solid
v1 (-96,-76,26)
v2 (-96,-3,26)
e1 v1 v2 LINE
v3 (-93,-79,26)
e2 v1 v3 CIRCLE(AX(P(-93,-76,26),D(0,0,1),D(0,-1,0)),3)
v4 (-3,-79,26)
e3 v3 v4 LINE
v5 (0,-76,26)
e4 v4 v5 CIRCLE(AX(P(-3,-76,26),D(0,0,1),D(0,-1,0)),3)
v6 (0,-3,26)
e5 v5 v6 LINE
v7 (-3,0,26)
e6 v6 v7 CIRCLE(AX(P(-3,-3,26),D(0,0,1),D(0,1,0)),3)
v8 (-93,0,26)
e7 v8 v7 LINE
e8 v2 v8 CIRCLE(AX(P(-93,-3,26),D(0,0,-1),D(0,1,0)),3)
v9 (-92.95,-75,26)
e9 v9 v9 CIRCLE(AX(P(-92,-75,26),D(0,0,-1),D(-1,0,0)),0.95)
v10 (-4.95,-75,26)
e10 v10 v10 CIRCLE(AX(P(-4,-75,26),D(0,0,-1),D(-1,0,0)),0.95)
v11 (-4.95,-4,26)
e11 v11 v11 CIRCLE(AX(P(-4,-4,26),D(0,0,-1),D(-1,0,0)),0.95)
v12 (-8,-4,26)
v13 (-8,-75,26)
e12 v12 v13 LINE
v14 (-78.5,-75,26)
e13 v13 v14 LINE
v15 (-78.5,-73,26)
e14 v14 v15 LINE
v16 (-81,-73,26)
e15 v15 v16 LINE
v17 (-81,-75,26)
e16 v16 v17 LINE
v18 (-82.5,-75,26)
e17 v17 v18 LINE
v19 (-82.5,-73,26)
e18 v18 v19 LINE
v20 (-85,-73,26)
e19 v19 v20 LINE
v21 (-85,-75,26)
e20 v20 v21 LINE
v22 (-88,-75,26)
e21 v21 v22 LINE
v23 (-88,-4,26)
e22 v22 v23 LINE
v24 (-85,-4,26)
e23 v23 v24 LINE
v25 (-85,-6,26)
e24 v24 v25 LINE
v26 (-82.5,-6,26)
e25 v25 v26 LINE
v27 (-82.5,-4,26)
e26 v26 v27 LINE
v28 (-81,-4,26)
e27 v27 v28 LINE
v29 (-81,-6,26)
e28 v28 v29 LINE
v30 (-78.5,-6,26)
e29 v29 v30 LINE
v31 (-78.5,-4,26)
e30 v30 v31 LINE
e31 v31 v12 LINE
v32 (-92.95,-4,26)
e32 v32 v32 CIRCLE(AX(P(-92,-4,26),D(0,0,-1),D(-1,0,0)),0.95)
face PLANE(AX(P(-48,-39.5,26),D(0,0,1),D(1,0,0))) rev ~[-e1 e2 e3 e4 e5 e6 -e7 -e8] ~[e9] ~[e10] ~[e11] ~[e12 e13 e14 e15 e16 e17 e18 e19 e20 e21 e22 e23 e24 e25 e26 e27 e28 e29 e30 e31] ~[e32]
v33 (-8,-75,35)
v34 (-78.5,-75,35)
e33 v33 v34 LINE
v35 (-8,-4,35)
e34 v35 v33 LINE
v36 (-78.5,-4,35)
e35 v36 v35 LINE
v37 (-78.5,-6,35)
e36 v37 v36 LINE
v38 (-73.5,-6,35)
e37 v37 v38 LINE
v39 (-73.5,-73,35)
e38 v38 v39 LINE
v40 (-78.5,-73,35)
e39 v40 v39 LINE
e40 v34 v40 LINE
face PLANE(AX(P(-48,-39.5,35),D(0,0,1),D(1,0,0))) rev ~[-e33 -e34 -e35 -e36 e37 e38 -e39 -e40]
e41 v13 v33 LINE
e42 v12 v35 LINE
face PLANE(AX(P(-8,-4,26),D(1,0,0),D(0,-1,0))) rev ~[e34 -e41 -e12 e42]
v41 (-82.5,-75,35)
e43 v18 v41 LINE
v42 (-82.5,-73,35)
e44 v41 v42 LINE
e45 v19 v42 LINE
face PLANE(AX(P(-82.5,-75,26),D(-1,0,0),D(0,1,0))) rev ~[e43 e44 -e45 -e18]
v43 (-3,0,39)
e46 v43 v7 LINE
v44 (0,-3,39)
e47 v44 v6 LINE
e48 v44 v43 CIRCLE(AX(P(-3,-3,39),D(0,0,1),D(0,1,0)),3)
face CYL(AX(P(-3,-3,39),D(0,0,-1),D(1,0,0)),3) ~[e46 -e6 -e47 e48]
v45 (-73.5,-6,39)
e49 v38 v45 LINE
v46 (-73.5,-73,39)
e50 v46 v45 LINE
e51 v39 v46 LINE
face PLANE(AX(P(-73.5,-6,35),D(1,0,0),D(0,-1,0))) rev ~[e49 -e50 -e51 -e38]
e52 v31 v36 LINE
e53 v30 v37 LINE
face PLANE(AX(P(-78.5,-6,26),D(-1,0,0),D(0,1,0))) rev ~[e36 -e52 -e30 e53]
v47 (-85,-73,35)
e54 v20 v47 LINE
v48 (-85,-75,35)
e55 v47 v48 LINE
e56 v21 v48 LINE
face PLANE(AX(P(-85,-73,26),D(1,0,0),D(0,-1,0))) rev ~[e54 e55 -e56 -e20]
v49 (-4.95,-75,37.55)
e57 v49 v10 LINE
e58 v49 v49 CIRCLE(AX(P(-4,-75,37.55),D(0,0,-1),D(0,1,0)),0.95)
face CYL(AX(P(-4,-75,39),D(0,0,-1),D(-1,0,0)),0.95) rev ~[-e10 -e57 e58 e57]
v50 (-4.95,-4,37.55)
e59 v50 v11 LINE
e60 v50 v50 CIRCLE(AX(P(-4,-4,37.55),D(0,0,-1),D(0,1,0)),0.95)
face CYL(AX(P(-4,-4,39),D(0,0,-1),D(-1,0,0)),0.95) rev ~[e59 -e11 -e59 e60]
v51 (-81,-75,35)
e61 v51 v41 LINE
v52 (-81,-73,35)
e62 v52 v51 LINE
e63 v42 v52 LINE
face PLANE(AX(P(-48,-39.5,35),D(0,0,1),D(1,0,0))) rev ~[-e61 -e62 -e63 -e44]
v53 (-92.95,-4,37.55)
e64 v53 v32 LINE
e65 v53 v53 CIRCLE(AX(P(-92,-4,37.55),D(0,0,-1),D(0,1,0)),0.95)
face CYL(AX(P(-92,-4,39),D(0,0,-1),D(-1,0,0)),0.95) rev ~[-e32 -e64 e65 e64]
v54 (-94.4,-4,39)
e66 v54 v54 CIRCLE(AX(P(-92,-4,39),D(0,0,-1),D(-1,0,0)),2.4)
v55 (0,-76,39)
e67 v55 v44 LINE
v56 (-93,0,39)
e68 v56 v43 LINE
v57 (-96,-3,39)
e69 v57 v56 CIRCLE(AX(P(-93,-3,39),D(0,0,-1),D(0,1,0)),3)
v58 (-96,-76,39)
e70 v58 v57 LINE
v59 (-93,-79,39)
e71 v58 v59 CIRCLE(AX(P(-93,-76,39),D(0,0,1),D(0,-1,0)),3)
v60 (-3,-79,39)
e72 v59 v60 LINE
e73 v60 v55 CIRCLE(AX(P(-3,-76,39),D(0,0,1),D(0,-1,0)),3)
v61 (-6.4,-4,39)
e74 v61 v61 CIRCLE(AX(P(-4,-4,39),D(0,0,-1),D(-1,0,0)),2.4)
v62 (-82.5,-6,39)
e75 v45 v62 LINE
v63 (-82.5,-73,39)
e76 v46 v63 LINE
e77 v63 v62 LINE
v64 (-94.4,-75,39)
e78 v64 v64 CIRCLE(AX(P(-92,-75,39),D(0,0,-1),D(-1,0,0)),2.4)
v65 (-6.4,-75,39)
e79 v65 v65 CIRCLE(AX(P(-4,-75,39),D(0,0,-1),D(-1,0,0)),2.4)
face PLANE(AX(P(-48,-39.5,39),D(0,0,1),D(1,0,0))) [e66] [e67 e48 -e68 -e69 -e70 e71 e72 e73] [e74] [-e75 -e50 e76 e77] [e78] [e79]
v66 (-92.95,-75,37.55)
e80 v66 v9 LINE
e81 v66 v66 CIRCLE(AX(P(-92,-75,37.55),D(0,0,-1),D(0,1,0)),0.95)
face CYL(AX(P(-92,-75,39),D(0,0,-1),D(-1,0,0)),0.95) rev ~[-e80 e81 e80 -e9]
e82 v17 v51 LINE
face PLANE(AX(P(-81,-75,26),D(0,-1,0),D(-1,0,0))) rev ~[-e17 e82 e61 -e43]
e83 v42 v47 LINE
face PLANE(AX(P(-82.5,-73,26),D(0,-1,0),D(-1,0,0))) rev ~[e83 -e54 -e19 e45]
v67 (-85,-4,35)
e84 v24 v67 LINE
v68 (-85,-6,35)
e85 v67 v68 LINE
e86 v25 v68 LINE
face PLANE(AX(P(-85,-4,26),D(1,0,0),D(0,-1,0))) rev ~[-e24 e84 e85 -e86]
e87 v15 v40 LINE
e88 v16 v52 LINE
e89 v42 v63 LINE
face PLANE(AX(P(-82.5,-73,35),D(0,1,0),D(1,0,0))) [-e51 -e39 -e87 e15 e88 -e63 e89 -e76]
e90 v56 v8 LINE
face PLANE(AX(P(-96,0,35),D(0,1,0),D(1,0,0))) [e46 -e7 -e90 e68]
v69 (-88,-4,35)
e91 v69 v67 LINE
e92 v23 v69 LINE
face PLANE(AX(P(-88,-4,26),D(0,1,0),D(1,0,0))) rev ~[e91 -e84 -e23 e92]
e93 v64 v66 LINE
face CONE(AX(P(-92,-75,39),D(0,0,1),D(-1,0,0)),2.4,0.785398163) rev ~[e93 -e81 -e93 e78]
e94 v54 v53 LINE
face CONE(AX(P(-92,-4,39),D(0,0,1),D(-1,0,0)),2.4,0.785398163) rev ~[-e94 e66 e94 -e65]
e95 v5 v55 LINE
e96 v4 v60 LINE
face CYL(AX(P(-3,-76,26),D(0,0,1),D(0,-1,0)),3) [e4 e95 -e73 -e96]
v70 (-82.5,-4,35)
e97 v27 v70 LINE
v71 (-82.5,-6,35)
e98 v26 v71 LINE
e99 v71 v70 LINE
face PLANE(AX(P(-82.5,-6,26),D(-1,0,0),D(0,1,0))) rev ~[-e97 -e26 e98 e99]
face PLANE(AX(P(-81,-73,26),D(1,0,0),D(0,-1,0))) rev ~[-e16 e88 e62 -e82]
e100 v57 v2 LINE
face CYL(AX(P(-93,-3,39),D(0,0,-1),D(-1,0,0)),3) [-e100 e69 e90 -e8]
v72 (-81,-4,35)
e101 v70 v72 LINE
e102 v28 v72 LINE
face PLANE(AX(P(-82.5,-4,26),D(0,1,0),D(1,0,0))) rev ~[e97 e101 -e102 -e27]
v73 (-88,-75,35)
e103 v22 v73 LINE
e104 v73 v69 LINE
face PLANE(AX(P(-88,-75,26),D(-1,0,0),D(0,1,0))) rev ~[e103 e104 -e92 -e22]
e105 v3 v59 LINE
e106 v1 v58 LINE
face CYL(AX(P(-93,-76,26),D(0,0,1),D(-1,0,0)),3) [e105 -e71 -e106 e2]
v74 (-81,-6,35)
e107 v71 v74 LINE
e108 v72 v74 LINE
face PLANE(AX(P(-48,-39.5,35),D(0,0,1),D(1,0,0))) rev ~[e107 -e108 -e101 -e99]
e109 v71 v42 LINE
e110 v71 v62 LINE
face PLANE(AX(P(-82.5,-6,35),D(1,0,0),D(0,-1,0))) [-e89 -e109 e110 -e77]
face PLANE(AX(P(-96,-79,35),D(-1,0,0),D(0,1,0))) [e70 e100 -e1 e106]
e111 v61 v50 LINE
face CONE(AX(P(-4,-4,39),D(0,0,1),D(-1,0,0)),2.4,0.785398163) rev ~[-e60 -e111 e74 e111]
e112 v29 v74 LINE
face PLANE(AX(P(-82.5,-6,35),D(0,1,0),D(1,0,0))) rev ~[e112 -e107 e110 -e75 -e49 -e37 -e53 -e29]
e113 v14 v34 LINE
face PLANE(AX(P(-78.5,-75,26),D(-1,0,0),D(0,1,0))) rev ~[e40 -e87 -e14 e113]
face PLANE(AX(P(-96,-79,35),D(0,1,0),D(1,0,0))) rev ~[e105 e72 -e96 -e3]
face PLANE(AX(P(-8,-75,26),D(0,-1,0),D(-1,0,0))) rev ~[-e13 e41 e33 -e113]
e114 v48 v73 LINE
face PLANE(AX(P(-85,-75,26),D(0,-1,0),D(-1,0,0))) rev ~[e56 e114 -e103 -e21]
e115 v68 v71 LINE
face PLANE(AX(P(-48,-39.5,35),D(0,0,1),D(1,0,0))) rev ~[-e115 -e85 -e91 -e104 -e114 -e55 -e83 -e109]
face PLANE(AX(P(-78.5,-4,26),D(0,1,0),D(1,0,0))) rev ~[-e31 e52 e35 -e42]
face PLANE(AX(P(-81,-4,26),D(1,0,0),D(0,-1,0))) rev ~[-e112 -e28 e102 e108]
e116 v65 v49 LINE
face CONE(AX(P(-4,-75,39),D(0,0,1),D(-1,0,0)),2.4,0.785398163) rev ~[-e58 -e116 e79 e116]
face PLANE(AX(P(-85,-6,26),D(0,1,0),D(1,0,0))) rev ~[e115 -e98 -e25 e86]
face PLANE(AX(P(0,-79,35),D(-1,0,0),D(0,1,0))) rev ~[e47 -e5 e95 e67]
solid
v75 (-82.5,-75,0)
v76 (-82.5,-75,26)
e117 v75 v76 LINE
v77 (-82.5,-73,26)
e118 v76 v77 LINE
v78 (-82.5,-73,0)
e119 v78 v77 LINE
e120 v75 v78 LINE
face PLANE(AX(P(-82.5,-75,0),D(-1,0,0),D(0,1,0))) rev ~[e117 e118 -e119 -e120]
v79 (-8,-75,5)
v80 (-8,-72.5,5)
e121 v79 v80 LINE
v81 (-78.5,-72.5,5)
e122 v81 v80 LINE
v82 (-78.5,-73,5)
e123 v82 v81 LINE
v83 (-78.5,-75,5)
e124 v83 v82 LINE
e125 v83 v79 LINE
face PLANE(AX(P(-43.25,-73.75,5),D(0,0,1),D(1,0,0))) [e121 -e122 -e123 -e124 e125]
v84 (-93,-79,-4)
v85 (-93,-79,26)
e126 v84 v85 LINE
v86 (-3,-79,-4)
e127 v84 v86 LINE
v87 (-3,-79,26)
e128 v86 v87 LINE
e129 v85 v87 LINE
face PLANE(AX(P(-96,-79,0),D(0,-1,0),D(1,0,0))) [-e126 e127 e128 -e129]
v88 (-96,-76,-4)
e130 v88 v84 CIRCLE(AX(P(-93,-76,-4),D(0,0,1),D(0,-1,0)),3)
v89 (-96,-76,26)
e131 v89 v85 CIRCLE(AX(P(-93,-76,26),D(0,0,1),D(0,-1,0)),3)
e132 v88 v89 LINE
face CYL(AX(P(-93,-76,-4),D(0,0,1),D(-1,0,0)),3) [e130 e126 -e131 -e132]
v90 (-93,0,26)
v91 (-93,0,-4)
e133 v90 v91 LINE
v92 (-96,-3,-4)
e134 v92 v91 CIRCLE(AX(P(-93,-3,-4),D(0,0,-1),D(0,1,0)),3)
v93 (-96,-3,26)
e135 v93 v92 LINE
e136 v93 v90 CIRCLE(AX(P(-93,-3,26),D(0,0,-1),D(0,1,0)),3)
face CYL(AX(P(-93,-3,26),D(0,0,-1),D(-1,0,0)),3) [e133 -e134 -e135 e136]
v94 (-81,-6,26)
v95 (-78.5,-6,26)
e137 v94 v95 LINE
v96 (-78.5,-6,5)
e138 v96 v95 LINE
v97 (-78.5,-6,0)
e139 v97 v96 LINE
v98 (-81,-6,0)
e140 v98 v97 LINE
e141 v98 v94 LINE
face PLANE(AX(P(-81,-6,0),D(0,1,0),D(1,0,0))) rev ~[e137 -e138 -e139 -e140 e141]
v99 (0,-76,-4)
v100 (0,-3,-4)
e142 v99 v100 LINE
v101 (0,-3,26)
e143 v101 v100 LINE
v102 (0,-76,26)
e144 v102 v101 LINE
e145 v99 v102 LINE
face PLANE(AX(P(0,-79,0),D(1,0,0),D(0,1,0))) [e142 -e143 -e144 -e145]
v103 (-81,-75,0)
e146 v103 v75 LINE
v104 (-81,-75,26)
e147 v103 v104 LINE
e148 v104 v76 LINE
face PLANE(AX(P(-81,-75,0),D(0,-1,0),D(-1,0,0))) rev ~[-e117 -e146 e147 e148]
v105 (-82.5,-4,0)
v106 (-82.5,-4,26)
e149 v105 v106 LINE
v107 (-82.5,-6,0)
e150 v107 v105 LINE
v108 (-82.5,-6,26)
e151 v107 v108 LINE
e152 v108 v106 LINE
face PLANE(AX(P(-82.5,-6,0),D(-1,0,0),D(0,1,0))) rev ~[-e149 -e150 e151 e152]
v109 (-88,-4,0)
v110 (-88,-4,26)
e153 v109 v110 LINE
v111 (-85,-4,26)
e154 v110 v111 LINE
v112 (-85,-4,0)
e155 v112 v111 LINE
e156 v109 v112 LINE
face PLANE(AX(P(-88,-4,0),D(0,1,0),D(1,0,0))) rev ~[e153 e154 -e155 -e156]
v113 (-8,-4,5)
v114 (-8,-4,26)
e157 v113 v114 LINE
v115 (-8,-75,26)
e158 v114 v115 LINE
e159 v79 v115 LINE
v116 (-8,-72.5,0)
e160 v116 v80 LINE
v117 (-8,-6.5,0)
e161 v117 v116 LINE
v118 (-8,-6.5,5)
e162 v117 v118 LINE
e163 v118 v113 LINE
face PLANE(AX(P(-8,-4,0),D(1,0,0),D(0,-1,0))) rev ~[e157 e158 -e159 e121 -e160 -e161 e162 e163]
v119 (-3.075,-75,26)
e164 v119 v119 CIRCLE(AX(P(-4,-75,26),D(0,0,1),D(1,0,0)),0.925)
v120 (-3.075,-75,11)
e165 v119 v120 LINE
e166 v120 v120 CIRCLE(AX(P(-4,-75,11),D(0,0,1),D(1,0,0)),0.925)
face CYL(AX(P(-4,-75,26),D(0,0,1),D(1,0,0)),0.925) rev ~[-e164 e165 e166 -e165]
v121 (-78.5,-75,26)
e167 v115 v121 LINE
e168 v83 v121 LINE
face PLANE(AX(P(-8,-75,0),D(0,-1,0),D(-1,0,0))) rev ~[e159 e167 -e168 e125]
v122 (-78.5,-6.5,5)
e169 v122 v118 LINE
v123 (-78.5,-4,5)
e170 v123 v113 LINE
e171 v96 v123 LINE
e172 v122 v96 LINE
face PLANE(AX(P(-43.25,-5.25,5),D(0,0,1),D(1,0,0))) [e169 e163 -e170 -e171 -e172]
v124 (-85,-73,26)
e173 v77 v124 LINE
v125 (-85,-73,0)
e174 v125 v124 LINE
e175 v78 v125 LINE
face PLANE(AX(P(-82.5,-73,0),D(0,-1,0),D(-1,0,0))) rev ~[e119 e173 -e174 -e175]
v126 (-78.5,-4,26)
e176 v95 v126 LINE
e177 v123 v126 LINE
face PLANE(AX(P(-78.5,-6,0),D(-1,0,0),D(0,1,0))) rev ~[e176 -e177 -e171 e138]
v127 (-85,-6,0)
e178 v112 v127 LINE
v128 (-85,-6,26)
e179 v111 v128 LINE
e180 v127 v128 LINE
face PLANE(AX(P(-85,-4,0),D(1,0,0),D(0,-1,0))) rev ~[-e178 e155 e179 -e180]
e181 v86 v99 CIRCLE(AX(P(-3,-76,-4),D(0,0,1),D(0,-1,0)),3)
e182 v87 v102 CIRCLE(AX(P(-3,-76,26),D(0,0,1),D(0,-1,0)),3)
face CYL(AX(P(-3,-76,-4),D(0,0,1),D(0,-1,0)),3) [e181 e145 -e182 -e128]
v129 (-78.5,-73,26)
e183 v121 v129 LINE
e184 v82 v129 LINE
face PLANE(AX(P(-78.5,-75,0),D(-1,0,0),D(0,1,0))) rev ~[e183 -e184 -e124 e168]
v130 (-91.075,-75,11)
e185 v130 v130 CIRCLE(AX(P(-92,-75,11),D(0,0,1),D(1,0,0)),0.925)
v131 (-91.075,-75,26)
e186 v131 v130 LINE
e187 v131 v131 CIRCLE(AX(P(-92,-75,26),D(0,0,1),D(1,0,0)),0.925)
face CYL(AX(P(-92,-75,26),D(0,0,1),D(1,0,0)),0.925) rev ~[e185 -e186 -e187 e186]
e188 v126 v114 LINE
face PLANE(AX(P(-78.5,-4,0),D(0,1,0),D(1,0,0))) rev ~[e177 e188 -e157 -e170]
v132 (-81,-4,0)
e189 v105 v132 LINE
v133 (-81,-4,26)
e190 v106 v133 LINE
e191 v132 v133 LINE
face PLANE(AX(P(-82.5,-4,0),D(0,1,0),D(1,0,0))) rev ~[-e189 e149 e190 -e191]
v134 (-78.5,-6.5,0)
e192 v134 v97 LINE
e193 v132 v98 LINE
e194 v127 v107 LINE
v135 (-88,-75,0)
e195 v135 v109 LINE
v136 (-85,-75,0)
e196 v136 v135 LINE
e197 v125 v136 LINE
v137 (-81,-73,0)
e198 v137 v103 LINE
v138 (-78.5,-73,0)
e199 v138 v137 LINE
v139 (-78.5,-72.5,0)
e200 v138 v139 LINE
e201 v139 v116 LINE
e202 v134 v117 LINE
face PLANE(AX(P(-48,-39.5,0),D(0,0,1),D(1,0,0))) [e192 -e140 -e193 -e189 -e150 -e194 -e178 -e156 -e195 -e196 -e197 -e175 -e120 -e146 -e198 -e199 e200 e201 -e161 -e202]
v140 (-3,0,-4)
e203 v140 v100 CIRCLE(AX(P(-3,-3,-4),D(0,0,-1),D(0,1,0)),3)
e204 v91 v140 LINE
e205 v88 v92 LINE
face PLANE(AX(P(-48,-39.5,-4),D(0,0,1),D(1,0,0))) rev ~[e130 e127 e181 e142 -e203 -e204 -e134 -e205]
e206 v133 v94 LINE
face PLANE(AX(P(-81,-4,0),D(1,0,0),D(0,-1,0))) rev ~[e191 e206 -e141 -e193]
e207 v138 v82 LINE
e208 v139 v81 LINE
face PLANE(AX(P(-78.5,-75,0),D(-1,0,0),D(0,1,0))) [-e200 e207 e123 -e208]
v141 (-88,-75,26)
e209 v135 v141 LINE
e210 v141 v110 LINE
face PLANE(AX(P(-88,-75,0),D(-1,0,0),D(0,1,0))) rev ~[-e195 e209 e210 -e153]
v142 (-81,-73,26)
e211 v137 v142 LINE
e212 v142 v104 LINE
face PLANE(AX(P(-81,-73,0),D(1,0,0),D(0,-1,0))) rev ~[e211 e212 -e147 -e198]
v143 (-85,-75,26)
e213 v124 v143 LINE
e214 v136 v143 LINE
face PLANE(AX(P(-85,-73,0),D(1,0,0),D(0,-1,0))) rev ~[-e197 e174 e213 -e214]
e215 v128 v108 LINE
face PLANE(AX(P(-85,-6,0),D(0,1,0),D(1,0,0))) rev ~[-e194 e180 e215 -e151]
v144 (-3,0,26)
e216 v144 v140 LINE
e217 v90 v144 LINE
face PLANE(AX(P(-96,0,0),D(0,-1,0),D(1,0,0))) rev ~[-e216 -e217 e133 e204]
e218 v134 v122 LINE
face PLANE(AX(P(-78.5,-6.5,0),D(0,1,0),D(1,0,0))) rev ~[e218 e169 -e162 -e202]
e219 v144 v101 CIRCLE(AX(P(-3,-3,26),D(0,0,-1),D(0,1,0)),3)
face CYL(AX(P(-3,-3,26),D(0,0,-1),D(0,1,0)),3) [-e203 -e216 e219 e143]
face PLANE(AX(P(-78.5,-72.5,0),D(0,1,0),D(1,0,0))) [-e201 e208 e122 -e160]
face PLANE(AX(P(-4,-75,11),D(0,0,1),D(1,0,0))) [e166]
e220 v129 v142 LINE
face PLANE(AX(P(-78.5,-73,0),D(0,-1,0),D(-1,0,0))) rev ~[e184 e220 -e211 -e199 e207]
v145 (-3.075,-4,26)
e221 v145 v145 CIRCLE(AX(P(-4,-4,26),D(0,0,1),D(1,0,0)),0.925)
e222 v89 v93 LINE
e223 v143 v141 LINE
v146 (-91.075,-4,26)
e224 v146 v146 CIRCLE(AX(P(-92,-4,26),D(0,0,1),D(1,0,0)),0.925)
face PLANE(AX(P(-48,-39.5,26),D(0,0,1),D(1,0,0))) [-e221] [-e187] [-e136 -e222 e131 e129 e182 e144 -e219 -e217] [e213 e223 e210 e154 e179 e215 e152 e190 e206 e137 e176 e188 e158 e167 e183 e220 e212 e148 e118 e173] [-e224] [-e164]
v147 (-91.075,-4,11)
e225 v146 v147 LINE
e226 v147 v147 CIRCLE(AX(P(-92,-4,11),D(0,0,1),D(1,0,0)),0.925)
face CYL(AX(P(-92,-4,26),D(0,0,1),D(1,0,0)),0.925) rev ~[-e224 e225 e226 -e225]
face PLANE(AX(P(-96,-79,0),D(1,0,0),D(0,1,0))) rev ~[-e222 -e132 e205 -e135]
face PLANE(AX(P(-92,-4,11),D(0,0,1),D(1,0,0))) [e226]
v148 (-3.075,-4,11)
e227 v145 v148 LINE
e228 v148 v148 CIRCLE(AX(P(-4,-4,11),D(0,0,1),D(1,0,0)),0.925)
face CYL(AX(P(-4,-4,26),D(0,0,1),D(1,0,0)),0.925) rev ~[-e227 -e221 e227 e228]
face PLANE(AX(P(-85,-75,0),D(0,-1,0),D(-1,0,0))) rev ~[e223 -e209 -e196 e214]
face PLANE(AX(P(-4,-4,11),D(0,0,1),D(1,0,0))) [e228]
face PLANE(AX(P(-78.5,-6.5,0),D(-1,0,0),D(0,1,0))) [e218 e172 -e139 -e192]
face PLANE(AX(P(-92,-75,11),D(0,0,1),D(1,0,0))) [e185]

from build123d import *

# Parameters (mm, degrees)
F0_W            = 96
F0_H            = 79
F1_DEPTH        = 26
F2_W            = 96
F2_H            = 79
F3_DEPTH        = 4
F4_W            = 70.5
F4_H            = 2.5
F5_DEPTH        = 5
F6_W            = 96
F6_H            = 79
F7_DEPTH        = 9
F8_W            = 96
F8_H            = 79
F9_DEPTH        = 4
F10_W           = 9
F10_H           = 67
F11_DEPTH       = 10
F12_R           = 0.925
F13_DEPTH       = 25
F15_D           = 1.9
F15_CSINK_D     = 4.8
F15_CSINK_ANGLE = 90
F16_DEPTH       = 15
F17_R           = 3
F17_2_R         = 3


with BuildPart() as f1:
    # F0 (on Top) → F1 (new body)
    with BuildSketch(Plane.XY):
        with Locations((-48, -39.5)):
            Rectangle(F0_W, F0_H)
        Polygon((-88, -75), (-88, -4), (-85, -4), (-85, -6), (-82.5, -6), (-82.5, -4), (-81, -4), (-81, -6), (-78.5, -6), (-78.5, -4), (-8, -4), (-8, -75), (-78.5, -75), (-78.5, -73), (-81, -73), (-81, -75), (-82.5, -75), (-82.5, -73), (-85, -73), (-85, -75), align=None, mode=Mode.SUBTRACT)
    extrude(amount=F1_DEPTH)

    # F2 (on Top) → F3 (join)
    with BuildSketch(Plane.XY):
        with Locations((-48, -39.5)):
            Rectangle(F2_W, F2_H)
    extrude(amount=-F3_DEPTH)

    # F4 (on Top) → F5 (join)
    with BuildSketch(Plane.XY):
        with Locations((-43.25, -5.25)):
            Rectangle(F4_W, F4_H)
        with Locations((-43.25, -73.75)):
            Rectangle(F4_W, F4_H)
    extrude(amount=F5_DEPTH)

    # F12 (on face) → F16 (cut)
    with BuildSketch(Plane.XY.offset(26)):
        with Locations((-92, -4)):
            Circle(F12_R)
        with Locations((-4, -4)):
            Circle(F12_R)
        with Locations((-4, -75)):
            Circle(F12_R)
        with Locations((-92, -75)):
            Circle(F12_R)
    extrude(amount=-F16_DEPTH, mode=Mode.SUBTRACT)

    # F17
    f17_edges = [f1.edges().sort_by_distance(p)[0] for p in [
        (0, -79, 11),
        (-96, -79, 11),
        (0, 0, 11),
        (-96, 0, 11),
    ]]
    fillet(f17_edges, radius=F17_R)


with BuildPart() as f7:
    # F6 (on face) → F7 (new body)
    with BuildSketch(Plane.XY.offset(26)):
        with Locations((-48, -39.5)):
            Rectangle(F6_W, F6_H)
        Polygon((-88, -75), (-88, -4), (-85, -4), (-85, -6), (-82.5, -6), (-82.5, -4), (-81, -4), (-81, -6), (-78.5, -6), (-78.5, -4), (-8, -4), (-8, -75), (-78.5, -75), (-78.5, -73), (-81, -73), (-81, -75), (-82.5, -75), (-82.5, -73), (-85, -73), (-85, -75), align=None, mode=Mode.SUBTRACT)
    extrude(amount=F7_DEPTH)

    # F8 (on face) → F9 (join)
    with BuildSketch(Plane.XY.offset(35)):
        with Locations((-48, -39.5)):
            Rectangle(F8_W, F8_H)
    extrude(amount=F9_DEPTH)

    # F10 (on face) → F11 (cut)
    with BuildSketch(Plane(origin=(0, 0, 35), x_dir=(1, 0, 0), z_dir=(0, 0, -1))):
        with Locations((-78, 39.5)):
            Rectangle(F10_W, F10_H)
    extrude(amount=-F11_DEPTH, mode=Mode.SUBTRACT)

    # F12 (on face) → F13 (cut)
    with BuildSketch(Plane.XY.offset(26)):
        with Locations((-92, -4)):
            Circle(F12_R)
        with Locations((-4, -4)):
            Circle(F12_R)
        with Locations((-4, -75)):
            Circle(F12_R)
        with Locations((-92, -75)):
            Circle(F12_R)
    extrude(amount=F13_DEPTH, mode=Mode.SUBTRACT)

    # F15 (through all)
    with Locations(Plane.XY.offset(39)):
        with Locations((-92, -4), (-92, -75), (-4, -75), (-4, -4)):
            CounterSinkHole(F15_D / 2, F15_CSINK_D / 2, counter_sink_angle=F15_CSINK_ANGLE)

    # F17#2
    f17_2_edges = [f7.edges().sort_by_distance(p)[0] for p in [
        (0, -79, 32.5),
        (-96, -79, 32.5),
        (0, 0, 32.5),
        (-96, 0, 32.5),
    ]]
    fillet(f17_2_edges, radius=F17_2_R)


solid = Compound([f1.part, f7.part])
